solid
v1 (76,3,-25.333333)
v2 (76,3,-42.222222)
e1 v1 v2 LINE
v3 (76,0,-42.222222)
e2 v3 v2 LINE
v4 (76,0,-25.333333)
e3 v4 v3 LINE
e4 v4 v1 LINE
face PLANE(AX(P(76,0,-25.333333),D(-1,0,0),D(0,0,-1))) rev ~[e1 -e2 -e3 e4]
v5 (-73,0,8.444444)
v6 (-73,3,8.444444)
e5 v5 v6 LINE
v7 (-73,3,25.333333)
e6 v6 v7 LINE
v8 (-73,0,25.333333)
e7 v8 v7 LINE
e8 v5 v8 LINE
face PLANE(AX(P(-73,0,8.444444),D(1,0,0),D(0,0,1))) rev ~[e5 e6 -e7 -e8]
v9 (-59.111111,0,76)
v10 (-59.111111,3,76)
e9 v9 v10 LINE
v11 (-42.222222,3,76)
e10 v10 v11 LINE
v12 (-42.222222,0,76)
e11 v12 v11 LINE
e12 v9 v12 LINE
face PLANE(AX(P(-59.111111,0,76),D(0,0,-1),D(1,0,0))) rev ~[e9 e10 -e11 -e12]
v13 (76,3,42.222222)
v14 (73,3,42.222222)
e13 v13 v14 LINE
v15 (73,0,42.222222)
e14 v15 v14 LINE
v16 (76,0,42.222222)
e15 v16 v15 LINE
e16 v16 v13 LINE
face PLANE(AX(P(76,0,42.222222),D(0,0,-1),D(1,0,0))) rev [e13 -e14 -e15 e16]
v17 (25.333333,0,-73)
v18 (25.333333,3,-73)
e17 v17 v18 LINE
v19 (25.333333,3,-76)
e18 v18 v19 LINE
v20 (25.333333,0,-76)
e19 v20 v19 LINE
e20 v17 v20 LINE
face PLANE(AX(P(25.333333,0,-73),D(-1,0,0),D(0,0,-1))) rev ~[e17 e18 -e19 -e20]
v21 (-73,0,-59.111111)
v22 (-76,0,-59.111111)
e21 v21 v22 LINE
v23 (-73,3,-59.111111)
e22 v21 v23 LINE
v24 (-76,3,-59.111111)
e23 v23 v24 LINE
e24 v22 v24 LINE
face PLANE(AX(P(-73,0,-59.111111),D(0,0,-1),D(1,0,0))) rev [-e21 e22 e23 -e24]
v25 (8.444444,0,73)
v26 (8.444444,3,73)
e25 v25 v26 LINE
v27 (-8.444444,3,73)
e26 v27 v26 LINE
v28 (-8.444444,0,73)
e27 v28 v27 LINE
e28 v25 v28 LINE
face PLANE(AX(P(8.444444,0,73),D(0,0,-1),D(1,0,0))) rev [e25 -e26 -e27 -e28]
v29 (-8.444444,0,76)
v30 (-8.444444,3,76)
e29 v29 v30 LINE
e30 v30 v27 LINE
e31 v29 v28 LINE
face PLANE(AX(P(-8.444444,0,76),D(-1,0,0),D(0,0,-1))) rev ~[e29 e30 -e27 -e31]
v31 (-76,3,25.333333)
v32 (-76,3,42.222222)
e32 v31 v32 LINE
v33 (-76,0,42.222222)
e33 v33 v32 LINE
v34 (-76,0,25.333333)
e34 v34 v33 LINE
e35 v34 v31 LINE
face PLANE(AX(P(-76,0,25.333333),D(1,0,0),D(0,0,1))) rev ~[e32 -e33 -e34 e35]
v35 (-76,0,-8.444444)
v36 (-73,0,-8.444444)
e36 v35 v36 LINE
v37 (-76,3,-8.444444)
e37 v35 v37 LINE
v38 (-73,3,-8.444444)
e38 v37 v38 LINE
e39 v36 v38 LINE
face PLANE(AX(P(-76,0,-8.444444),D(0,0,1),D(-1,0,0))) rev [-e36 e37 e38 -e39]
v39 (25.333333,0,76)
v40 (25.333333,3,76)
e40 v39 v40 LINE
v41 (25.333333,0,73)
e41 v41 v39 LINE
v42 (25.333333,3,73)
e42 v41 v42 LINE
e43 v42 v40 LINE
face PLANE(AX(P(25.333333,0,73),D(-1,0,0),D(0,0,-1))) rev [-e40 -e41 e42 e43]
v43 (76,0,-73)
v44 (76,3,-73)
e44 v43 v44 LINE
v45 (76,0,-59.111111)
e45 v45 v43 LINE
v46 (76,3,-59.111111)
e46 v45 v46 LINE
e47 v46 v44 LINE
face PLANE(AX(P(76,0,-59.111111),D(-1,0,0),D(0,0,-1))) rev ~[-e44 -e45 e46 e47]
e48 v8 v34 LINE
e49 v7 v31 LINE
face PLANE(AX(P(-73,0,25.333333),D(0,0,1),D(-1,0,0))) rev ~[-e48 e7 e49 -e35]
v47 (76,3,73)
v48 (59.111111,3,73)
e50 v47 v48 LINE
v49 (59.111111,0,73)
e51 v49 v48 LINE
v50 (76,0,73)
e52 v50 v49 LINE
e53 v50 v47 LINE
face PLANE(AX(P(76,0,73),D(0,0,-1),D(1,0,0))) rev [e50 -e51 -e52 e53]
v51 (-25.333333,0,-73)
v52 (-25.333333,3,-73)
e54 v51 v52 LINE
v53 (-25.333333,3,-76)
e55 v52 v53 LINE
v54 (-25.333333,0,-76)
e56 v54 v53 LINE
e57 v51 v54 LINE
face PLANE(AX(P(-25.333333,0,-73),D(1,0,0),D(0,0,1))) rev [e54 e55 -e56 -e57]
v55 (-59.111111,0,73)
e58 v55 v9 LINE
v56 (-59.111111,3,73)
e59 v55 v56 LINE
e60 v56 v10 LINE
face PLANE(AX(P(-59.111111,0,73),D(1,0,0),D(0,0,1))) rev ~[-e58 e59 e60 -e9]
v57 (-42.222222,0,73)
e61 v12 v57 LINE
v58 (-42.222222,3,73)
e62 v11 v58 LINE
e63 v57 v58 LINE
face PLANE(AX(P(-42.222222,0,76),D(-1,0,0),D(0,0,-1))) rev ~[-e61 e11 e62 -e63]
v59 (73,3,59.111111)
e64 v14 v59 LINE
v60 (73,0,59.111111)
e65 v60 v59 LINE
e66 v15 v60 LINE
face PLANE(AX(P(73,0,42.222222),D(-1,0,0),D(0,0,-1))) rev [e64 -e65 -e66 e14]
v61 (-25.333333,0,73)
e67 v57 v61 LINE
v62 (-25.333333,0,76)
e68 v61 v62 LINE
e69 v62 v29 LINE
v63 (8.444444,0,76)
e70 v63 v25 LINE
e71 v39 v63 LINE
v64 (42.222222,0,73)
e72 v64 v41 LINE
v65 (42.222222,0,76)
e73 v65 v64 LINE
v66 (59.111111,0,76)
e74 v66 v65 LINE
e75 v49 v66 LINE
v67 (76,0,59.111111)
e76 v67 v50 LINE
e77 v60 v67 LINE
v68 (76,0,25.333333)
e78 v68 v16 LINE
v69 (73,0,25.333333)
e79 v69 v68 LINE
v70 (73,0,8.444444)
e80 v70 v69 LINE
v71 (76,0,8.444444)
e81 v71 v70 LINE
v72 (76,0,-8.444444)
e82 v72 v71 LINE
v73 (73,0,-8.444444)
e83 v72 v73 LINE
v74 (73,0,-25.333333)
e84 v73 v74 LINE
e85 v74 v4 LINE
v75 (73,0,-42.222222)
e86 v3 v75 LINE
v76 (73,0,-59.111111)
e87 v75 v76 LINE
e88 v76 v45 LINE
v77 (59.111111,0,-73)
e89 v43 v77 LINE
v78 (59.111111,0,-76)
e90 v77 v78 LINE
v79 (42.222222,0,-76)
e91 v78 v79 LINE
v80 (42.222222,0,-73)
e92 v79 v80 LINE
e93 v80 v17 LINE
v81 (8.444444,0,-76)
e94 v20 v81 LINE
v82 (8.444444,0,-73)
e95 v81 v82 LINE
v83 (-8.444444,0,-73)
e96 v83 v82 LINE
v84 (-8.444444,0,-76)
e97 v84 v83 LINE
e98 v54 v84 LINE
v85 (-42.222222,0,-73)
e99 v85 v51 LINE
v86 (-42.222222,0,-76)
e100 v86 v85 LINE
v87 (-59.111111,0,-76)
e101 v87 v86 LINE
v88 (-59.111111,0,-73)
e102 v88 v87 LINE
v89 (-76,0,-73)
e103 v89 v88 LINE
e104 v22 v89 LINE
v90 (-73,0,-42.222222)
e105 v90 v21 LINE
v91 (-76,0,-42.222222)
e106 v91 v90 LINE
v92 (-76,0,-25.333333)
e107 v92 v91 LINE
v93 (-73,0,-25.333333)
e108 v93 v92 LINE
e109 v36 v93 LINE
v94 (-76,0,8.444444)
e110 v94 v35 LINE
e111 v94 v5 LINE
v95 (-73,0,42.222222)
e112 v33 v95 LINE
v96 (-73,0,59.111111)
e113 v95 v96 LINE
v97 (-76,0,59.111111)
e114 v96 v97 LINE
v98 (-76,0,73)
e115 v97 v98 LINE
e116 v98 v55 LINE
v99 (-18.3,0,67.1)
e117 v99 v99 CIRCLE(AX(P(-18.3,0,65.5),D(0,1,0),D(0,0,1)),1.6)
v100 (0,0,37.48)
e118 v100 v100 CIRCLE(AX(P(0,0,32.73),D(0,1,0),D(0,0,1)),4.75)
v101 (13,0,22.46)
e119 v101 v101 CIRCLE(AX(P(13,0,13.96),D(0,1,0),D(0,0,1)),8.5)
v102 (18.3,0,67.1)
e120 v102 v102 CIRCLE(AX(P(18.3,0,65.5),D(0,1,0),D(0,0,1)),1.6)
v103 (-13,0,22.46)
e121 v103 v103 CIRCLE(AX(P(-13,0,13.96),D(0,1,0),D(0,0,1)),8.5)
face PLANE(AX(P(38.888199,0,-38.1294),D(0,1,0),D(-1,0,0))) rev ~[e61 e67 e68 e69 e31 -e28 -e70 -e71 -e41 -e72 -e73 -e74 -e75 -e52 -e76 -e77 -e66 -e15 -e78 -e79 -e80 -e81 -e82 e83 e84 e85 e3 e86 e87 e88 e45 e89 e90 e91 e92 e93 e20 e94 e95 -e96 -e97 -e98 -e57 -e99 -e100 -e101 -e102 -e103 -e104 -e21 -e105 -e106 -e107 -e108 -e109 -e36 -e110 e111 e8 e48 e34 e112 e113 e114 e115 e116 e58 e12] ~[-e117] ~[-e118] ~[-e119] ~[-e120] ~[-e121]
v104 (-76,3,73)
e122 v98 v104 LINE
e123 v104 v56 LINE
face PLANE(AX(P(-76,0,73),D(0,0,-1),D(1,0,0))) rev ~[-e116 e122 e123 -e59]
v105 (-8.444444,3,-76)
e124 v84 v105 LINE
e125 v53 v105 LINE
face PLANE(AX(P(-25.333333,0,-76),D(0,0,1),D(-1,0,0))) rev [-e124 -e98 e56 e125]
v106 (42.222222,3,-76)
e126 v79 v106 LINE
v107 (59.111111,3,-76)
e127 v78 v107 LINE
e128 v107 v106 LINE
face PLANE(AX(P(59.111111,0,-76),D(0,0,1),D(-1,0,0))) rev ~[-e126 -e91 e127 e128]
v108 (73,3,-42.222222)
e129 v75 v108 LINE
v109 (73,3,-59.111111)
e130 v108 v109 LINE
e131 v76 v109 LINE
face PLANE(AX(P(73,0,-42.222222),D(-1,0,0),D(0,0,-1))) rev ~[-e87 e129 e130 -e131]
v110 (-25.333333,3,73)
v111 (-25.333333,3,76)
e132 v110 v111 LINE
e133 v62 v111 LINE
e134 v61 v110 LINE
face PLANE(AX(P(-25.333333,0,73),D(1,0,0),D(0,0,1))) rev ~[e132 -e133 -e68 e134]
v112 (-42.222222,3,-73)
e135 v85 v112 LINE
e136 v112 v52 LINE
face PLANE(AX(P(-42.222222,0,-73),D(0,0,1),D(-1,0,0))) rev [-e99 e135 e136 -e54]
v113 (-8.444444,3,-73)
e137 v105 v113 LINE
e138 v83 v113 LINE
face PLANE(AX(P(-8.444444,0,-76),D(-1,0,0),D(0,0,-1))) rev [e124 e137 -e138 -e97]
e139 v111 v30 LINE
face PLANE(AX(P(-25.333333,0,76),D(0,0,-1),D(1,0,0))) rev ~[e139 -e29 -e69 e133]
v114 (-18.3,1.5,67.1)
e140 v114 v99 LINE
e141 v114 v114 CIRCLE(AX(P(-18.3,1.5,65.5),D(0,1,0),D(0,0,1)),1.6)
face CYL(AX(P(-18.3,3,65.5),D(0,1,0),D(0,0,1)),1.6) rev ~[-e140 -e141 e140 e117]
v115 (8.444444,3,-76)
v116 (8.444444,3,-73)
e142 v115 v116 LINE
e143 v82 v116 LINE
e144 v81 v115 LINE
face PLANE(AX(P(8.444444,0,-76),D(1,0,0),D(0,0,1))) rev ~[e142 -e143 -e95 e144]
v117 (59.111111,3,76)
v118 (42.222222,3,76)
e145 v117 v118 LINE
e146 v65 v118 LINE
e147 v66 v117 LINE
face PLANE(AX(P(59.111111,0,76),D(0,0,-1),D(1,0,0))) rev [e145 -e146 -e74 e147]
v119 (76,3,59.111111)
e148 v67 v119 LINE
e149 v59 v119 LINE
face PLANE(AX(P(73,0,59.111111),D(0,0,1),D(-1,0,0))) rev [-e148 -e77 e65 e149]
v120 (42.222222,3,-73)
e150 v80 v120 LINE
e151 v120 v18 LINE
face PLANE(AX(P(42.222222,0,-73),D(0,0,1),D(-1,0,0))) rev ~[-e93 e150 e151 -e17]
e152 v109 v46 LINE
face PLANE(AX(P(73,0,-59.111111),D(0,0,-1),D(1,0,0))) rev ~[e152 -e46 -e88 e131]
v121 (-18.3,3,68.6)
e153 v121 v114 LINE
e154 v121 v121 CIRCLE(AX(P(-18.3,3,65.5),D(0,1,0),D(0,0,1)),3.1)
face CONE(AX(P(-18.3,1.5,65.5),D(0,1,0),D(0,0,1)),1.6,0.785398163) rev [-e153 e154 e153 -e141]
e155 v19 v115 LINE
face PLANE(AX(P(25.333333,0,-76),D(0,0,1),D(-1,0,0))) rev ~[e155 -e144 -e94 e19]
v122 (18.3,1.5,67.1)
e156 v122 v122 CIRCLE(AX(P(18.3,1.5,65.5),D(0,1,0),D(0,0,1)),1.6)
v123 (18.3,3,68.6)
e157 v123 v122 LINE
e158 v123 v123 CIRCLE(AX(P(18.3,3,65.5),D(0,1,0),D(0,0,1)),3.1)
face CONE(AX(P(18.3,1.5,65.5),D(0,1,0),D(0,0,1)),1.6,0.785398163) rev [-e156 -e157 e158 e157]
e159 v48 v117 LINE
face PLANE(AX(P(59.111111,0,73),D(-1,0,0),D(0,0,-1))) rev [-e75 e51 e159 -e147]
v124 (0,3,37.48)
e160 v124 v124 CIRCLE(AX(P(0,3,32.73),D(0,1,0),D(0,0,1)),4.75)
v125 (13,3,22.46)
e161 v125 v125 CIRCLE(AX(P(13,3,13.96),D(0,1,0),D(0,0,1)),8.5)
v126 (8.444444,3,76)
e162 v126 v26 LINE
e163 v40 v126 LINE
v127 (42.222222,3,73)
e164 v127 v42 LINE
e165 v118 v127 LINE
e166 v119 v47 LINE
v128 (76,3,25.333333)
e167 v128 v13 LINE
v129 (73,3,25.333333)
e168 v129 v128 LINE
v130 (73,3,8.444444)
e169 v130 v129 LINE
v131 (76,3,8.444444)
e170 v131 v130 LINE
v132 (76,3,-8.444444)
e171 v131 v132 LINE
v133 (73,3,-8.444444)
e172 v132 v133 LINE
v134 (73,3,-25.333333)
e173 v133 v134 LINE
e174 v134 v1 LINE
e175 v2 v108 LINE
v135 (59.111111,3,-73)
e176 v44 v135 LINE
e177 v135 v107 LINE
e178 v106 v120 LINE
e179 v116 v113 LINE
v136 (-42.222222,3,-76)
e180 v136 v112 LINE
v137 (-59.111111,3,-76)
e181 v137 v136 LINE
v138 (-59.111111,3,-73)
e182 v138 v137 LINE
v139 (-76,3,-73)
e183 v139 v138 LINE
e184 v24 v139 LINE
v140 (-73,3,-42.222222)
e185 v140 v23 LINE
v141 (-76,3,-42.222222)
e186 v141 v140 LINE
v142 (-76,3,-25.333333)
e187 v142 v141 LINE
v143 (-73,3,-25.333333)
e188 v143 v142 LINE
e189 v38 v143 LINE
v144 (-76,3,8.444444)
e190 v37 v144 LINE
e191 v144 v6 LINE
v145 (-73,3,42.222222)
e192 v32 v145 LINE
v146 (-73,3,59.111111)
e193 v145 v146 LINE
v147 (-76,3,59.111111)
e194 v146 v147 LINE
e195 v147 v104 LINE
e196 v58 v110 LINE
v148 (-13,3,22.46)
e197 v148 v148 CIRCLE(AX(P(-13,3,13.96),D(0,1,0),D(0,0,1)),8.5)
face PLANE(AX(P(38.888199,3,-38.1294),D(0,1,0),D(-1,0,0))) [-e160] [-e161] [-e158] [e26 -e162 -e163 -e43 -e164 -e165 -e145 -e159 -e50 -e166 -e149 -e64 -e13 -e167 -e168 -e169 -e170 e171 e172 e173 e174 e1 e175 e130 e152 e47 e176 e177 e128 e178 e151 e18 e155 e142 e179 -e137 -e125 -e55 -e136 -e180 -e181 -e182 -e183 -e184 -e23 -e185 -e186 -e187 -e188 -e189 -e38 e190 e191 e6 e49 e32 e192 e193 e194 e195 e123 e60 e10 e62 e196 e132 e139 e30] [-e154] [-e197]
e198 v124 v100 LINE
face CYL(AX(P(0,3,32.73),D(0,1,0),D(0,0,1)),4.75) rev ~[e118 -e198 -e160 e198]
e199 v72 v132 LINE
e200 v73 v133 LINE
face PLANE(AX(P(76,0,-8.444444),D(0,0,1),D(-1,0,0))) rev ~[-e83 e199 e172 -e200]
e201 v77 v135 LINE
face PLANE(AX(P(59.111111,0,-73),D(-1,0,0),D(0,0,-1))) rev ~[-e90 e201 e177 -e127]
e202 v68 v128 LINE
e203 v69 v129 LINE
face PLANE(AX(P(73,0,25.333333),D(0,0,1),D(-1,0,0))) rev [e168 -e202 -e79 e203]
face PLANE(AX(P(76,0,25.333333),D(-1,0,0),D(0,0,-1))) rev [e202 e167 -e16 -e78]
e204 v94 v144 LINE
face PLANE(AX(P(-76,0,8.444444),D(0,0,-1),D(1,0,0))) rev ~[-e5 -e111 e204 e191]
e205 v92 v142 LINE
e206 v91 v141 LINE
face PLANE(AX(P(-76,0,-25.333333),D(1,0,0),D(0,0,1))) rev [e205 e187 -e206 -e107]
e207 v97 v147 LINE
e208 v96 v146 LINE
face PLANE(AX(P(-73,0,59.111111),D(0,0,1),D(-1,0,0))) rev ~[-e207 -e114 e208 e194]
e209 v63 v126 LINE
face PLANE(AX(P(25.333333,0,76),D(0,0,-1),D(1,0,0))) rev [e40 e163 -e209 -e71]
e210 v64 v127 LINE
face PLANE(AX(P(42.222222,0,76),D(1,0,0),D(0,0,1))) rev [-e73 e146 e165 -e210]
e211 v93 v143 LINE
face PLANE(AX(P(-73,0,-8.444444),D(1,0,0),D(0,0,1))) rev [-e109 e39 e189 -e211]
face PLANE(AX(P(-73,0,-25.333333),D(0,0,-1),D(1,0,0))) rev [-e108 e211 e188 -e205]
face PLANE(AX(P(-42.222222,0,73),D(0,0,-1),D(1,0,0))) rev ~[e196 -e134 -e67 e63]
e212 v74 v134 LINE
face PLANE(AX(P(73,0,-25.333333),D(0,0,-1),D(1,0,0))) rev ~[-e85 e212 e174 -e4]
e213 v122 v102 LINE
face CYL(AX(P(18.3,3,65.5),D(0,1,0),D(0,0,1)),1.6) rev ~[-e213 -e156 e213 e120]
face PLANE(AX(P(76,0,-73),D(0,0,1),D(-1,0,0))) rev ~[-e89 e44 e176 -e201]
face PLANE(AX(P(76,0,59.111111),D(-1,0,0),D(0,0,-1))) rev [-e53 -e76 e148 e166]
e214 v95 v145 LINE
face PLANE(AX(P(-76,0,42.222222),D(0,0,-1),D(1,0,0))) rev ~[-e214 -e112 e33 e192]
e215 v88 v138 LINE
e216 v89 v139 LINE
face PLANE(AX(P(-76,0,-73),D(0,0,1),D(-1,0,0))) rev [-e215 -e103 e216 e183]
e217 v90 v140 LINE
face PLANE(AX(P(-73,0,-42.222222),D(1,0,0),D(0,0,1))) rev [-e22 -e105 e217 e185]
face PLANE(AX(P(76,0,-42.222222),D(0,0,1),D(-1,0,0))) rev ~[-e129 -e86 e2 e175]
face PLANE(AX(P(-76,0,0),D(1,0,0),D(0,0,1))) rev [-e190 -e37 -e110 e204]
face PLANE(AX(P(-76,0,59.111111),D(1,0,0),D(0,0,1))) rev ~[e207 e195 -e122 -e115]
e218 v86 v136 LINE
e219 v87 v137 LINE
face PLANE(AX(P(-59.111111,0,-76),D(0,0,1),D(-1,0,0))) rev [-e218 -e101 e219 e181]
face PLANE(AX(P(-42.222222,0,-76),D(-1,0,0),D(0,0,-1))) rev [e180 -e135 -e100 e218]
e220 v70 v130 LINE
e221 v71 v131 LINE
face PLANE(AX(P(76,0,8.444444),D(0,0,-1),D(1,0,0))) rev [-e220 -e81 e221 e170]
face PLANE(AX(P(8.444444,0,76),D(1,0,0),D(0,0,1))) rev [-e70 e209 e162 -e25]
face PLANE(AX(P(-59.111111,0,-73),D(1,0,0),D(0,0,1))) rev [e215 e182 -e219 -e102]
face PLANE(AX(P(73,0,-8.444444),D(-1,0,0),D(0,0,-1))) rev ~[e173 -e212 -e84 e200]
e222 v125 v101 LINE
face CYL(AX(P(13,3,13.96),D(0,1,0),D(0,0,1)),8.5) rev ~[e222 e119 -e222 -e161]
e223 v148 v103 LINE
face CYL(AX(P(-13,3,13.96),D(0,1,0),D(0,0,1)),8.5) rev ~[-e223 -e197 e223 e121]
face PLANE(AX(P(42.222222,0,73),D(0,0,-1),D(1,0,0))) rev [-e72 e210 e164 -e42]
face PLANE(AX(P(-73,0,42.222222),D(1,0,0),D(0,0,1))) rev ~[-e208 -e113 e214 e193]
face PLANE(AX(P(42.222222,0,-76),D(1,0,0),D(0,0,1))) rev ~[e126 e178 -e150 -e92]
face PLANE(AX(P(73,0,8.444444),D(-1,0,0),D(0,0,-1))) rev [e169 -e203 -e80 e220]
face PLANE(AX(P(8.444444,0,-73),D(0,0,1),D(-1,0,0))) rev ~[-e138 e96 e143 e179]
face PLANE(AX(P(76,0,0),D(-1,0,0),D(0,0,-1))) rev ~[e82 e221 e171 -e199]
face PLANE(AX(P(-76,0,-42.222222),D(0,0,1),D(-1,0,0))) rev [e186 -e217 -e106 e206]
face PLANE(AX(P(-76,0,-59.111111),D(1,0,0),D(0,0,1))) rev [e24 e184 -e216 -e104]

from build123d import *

# Parameters (mm, degrees)
BOSS_EXTRUDE1_DEPTH                      = 3
MIRROR1_AT_THE_SECOND_PLANE_COPY_1_DEPTH = 3
SKETCH2_R                                = 8.5
SKETCH2_R_2                              = 4.75
CUT_EXTRUDE1_DEPTH                       = 108.522090753
SKETCH3_R                                = 1.6
CUT_EXTRUDE2_DEPTH                       = 108.522090753
CHAMFER1_SIZE                            = 1.5


with BuildPart() as part:
    # Sketch1 → Boss-Extrude1 (new body)
    with BuildSketch(Plane(origin=(0, 0, 0), x_dir=(1, 0, 0), z_dir=(0, 1, 0))):
        Polygon((-76, -73), (-59.111111111, -73), (-59.111111111, -76), (-42.222222222, -76), (-42.222222222, -73), (-25.333333333, -73), (-25.333333333, -76), (-8.444444444, -76), (-8.444444444, -73), (0, -73), (0, 0), (-76, 0), (-76, -8.444444444), (-73, -8.444444444), (-73, -25.333333333), (-76, -25.333333333), (-76, -42.222222222), (-73, -42.222222222), (-73, -59.111111111), (-76, -59.111111111), align=None)
    boss_extrude1 = extrude(amount=BOSS_EXTRUDE1_DEPTH)



with BuildPart() as mirror1_1:
    # Mirror1: Boss-Extrude1 across plane
    add(boss_extrude1.mirror(Plane(origin=(0, 0, 0), x_dir=(0, 0, 1), z_dir=(1, 0, 0))))


with BuildPart() as part_1:
    add(part.part)

    add(mirror1_1.part)  # Mirror1 at the second plane merges Mirror1_1
    # Mirror1 at the second plane: Boss-Extrude1 across plane
    add(boss_extrude1.mirror(Plane.XY))

    # Mirror1 at the second plane copy 1 sketc → Mirror1 at the second plane copy 1 (add)
    with BuildSketch(Plane(origin=(0, 0, 0), x_dir=(-1, 0, 0), z_dir=(0, 1, 0))):
        Polygon((-76, -73), (-59.111111111, -73), (-59.111111111, -76), (-42.222222222, -76), (-42.222222222, -73), (-25.333333333, -73), (-25.333333333, -76), (-8.444444444, -76), (-8.444444444, -73), (0, -73), (0, 0), (-76, 0), (-76, -8.444444444), (-73, -8.444444444), (-73, -25.333333333), (-76, -25.333333333), (-76, -42.222222222), (-73, -42.222222222), (-73, -59.111111111), (-76, -59.111111111), align=None)
    extrude(amount=MIRROR1_AT_THE_SECOND_PLANE_COPY_1_DEPTH)

    # Sketch2 → Cut-Extrude1 (cut, through all)
    with BuildSketch(Plane(origin=(0, 3, 0), x_dir=(1, 0, 0), z_dir=(0, 1, 0))):
        with Locations(Location((-13, -13.96, 0), (0, 0, 270))):
            Circle(SKETCH2_R)
        with Locations(Location((13, -13.96, 0), (0, 0, 270))):
            Circle(SKETCH2_R)
        with Locations(Location((0, -32.73, 0), (0, 0, 270))):
            Circle(SKETCH2_R_2)
    extrude(amount=-CUT_EXTRUDE1_DEPTH, mode=Mode.SUBTRACT)

    # Sketch3 → Cut-Extrude2 (cut, through all)
    with BuildSketch(Plane(origin=(0, 3, 0), x_dir=(1, 0, 0), z_dir=(0, 1, 0))):
        with Locations(Location((-18.3, -65.5, 0), (0, 0, 270))):
            Circle(SKETCH3_R)
        with Locations(Location((18.3, -65.5, 0), (0, 0, 270))):
            Circle(SKETCH3_R)
    extrude(amount=-CUT_EXTRUDE2_DEPTH, mode=Mode.SUBTRACT)

    # Chamfer1
    chamfer1_edges = [part_1.edges().sort_by_distance(p)[0] for p in [
        (-18.3, 3, 63.9),
        (18.3, 3, 63.9),
    ]]
    chamfer(chamfer1_edges, length=CHAMFER1_SIZE)


solid = part_1.part
